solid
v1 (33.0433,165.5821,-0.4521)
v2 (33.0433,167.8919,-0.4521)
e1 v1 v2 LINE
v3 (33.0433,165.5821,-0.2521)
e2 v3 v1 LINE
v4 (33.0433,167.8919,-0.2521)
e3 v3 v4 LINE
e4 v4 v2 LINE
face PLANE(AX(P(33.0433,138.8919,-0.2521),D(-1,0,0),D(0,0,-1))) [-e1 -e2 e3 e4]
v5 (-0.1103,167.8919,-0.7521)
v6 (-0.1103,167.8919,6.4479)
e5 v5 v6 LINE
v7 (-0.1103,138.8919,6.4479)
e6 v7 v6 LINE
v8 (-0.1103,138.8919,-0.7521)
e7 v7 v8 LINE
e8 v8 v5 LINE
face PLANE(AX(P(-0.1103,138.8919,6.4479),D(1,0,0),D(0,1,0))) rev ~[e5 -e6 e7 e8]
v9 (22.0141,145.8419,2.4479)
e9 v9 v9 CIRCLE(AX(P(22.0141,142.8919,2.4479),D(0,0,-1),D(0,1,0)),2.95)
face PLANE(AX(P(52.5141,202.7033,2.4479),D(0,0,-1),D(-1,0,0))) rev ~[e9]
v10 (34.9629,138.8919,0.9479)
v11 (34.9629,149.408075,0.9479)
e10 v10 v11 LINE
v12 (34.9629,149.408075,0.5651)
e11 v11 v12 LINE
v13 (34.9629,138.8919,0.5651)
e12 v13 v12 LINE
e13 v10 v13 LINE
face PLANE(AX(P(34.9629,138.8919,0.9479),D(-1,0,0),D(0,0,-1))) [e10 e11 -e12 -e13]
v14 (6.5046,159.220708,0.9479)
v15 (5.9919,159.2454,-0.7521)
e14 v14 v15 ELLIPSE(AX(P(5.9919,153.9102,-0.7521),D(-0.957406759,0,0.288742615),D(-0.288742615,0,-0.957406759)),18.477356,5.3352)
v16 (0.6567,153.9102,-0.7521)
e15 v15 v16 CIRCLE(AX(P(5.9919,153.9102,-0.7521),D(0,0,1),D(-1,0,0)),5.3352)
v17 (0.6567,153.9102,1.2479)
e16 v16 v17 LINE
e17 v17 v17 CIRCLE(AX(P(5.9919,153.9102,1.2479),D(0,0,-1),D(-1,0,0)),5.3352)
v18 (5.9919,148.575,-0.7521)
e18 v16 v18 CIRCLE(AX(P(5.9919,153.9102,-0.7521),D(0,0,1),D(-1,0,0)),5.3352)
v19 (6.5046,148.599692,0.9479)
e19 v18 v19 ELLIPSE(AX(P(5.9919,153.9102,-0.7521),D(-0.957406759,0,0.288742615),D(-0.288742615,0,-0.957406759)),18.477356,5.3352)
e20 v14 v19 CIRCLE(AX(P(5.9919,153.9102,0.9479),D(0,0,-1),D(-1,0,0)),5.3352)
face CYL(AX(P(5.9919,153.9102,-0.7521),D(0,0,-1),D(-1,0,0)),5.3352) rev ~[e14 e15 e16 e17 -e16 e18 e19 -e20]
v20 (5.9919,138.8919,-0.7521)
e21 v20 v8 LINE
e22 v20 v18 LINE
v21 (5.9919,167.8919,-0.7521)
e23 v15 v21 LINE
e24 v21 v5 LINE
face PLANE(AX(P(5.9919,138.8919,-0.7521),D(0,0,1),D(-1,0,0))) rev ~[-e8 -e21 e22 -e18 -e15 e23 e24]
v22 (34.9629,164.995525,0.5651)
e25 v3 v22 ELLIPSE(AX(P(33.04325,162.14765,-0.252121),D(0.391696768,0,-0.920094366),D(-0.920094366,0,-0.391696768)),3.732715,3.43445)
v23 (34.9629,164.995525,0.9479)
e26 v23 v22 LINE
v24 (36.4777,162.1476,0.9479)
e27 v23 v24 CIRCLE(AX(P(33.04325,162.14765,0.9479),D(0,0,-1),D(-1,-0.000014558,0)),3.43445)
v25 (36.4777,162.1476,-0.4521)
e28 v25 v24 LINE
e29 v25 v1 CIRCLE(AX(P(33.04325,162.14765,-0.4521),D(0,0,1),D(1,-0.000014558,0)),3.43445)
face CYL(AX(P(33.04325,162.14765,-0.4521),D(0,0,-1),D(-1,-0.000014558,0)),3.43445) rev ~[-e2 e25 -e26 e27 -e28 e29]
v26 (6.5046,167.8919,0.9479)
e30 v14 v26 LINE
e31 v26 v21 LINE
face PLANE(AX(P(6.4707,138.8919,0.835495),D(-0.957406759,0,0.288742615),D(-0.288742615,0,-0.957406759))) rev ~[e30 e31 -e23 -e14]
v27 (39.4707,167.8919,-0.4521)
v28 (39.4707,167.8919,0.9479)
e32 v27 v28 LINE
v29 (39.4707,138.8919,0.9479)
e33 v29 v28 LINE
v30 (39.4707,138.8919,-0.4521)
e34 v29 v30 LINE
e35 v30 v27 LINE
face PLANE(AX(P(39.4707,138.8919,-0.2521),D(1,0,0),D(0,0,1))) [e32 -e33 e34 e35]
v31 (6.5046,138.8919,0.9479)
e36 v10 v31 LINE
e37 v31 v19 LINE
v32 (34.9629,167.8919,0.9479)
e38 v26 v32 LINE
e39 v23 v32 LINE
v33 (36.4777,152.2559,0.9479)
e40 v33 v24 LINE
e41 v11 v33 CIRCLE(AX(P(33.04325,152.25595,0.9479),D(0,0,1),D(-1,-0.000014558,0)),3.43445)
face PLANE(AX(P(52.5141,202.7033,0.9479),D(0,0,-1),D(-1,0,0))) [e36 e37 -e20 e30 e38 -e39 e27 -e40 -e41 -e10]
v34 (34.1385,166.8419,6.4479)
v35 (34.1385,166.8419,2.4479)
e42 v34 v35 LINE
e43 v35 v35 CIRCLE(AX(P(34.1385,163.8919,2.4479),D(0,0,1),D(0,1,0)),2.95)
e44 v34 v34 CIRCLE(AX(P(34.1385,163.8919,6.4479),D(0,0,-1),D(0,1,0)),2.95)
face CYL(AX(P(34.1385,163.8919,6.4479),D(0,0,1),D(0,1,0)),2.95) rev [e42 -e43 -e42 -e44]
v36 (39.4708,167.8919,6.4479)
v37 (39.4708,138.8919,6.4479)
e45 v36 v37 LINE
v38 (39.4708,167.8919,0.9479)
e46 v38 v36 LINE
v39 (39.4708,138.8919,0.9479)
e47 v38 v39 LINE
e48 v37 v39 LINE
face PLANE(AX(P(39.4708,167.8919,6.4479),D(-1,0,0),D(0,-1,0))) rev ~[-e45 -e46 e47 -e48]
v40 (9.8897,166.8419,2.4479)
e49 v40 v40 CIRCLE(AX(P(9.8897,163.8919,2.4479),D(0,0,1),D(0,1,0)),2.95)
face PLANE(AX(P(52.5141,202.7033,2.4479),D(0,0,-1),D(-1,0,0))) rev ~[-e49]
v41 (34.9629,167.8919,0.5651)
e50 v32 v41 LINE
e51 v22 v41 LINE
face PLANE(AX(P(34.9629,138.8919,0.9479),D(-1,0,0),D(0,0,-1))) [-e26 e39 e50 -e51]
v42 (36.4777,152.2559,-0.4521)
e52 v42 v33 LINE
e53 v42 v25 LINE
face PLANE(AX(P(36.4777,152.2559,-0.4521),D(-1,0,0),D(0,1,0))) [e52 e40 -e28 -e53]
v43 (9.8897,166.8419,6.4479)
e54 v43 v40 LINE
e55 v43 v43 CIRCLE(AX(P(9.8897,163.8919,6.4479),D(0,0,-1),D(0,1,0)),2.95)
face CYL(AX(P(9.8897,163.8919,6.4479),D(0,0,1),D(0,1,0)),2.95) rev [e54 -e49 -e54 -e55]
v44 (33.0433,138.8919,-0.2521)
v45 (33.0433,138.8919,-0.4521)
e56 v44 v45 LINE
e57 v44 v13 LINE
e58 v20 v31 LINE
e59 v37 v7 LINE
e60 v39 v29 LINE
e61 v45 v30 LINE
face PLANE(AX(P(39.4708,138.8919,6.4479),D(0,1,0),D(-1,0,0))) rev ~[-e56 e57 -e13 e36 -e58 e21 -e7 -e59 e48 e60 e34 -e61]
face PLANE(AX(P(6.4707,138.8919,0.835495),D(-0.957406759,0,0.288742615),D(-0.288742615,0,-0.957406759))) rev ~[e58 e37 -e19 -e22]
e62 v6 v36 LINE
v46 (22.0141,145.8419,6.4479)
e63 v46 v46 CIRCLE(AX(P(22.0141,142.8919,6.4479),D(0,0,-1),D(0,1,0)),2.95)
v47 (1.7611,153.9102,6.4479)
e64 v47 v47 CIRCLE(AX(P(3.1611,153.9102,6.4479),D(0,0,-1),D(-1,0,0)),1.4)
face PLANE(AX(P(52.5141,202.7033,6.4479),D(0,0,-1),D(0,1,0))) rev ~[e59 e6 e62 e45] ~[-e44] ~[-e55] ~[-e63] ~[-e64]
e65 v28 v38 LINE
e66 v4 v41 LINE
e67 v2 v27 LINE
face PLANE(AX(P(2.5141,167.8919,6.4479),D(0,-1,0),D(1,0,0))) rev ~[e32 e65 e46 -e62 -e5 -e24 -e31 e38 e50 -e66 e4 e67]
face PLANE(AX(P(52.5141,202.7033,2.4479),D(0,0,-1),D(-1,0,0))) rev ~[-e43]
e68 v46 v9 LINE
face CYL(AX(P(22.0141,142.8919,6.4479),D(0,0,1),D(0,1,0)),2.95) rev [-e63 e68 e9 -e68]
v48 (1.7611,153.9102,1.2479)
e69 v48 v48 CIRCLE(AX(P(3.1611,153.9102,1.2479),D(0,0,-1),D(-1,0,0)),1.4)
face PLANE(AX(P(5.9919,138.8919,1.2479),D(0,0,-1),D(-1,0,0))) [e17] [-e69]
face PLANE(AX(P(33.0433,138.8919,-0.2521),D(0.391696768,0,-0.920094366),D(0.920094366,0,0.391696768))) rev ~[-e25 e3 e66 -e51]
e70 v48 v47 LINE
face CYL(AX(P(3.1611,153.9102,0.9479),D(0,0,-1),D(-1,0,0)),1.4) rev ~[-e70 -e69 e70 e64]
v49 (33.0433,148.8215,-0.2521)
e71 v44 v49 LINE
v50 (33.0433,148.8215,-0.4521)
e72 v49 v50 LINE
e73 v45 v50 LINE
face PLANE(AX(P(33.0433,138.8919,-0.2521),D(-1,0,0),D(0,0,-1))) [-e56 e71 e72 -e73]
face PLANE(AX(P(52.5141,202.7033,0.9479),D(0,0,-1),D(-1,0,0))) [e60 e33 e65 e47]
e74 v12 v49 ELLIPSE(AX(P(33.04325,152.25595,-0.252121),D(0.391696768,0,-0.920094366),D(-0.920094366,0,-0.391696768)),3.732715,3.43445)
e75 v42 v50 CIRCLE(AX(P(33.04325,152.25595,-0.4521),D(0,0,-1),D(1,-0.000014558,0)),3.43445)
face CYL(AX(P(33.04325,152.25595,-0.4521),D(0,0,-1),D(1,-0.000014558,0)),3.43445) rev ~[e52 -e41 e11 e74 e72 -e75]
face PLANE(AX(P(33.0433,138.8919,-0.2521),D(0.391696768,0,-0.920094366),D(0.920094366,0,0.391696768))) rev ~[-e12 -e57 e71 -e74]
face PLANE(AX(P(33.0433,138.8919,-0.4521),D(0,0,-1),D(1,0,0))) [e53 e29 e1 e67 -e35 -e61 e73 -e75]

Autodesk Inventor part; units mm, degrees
ref_plane "YZ Plane" through (0, 0, 0) normal (1, 0, 0) x (0, 1, 0)
ref_plane "XZ Plane" through (0, 0, 0) normal (0, 1, 0) x (-1, 0, 0)
ref_plane "XY Plane" through (0, 0, 0) normal (0, 0, 1) x (1, 0, 0)
ref_plane "Work Plane1" through (52.5141, 202.7033, 6.4479) normal (0, 0, -1) x (0, 1, 0)
sketch "Sketch1" plane through (52.5141, 202.7033, 6.4479) normal (0, 0, -1) x (0, 1, 0)
  circle A0 centre (-59.8114, -30.5) radius 1.4 construction
  circle A1 centre (-38.8114, -18.3756) radius 1.4 projected
  circle A2 centre (-38.8114, -42.6244) radius 1.4 construction
  circle A3 centre (41, 0) radius 1.65 projected
  circle A4 centre (-9, 0) radius 1.65 projected
  circle A5 centre (-9, 50) radius 1.65 projected
  circle A6 centre (41, 50) radius 1.65 projected
  circle A7 centre (16, 50) radius 1.65 projected
  circle A8 centre (-9, 25) radius 1.65 projected
  circle A9 centre (16, 0) radius 1.65 projected
  circle A10 centre (41, 25) radius 1.65 projected
  line L0 (80, 55) -> (-80, 55) projected
  line L1 (-80, 55) -> (-80, -55) projected
  line L2 (-80, -55) -> (80, -55) projected
  line L3 (80, -55) -> (80, 55) projected
  line L4 (-36.5, 0) -> (-36.5, -50) projected
  line L5 (-14, 0) -> (-36.5, 0) projected
  line L6 (-14, -5) -> (-14, 0) projected
  line L7 (72, -5) -> (-14, -5) projected
  line L8 (72, -50) -> (72, -5) projected
  line L9 (-36.5, -50) -> (72, -50) projected
  line L10 (-4, 45) -> (-4, 5) projected
  line L11 (36, 45) -> (-4, 45) projected
  line L12 (36, 5) -> (36, 45) projected
  line L13 (-4, 5) -> (36, 5) projected
  line L14 (-64.5989, -17.0433) -> (-64.5989, -57.0433) construction
  line L15 (-64.5989, -57.0433) -> (-34.5989, -57.0433) construction
  line L16 (-34.5989, -57.0433) -> (-34.5989, -17.0433) construction
  line L17 (-34.5989, -17.0433) -> (-64.5989, -17.0433) construction
  line L18 (-34.8114, -13.0433) -> (-63.8114, -13.0433)
  line L19 (-63.8114, -13.0433) -> (-63.8114, -52.6244)
  line L20 (-63.8114, -52.6244) -> (-34.8114, -52.6244)
  line L21 (-34.8114, -52.6244) -> (-34.8114, -13.0433)
  circle A11 centre (-59.8114, -30.5) radius 2.95
  circle A12 centre (-38.8114, -18.3756) radius 2.95
  circle A13 centre (-38.8114, -42.6244) radius 2.95 construction
  line L22 (-36.5, -35.1157) -> (-41.75, -35.1157) construction
  line L23 (-41.75, -35.1157) -> (-41.75, -38.5657) construction
  line L24 (-41.75, -38.5657) -> (-56.86, -38.5657) construction
  line L25 (-56.86, -38.5657) -> (-56.86, -35.1157) construction
  line L26 (-56.86, -35.1157) -> (-60.26, -35.1157) construction
  line L27 (-60.26, -35.1157) -> (-60.26, -52.0657) construction
  line L28 (-60.26, -52.0657) -> (-36.5, -52.0657) construction
  line L29 (-36.5, -52.0657) -> (-36.5, -35.1157) construction
  line L30 (-41.75, -28.3657) -> (-36.5, -28.3657) construction
  line L31 (-36.5, -28.3657) -> (-36.5, -25.0657) construction
  line L32 (-36.5, -25.0657) -> (-60.26, -25.0657) construction
  line L33 (-60.26, -25.0657) -> (-60.26, -28.3657) construction
  line L34 (-60.26, -28.3657) -> (-56.86, -28.3657) construction
  line L35 (-56.86, -28.3657) -> (-56.86, -27.0942) construction
  line L36 (-56.86, -27.0942) -> (-41.75, -27.0942) construction
  line L37 (-41.75, -27.0942) -> (-41.75, -28.3657) construction
  line L38 (-56.86, -35.1157) -> (-60.26, -35.1157) construction
  line L39 (-56.86, -38.5657) -> (-56.86, -35.1157) construction
  line L40 (-41.75, -38.5657) -> (-56.86, -38.5657) construction
  line L41 (-41.75, -35.1157) -> (-41.75, -38.5657) construction
  line L42 (-36.5, -35.1157) -> (-41.75, -35.1157) construction
  line L43 (-36.5, -35.05) -> (-36.5, -35.1157) construction
  line L44 (-36.5, -35.05) -> (-56.86, -35.05) construction
  line L45 (-36.5, -34.78) -> (-36.5, -35.05) construction
  line L46 (-36.5, -34.78) -> (-56.86, -34.78) construction
  line L47 (-36.5, -34.51) -> (-36.5, -34.78) construction
  line L48 (-36.5, -34.51) -> (-56.86, -34.51) construction
  line L49 (-36.5, -34.24) -> (-36.5, -34.51) construction
  line L50 (-36.5, -34.24) -> (-56.86, -34.24) construction
  line L51 (-36.5, -33.97) -> (-36.5, -34.24) construction
  line L52 (-36.5, -33.97) -> (-56.86, -33.97) construction
  line L53 (-36.5, -33.7) -> (-36.5, -33.97) construction
  line L54 (-36.5, -33.7) -> (-56.86, -33.7) construction
  line L55 (-36.5, -33.43) -> (-36.5, -33.7) construction
  line L56 (-36.5, -33.43) -> (-56.86, -33.43) construction
  line L57 (-36.5, -33.16) -> (-36.5, -33.43) construction
  line L58 (-36.5, -33.16) -> (-56.86, -33.16) construction
  line L59 (-36.5, -32.89) -> (-36.5, -33.16) construction
  line L60 (-36.5, -32.89) -> (-56.86, -32.89) construction
  line L61 (-36.5, -32.62) -> (-36.5, -32.89) construction
  line L62 (-36.5, -32.62) -> (-56.86, -32.62) construction
  line L63 (-36.5, -32.35) -> (-36.5, -32.62) construction
  line L64 (-36.5, -32.35) -> (-56.86, -32.35) construction
  line L65 (-36.5, -32.08) -> (-36.5, -32.35) construction
  line L66 (-36.5, -32.08) -> (-56.86, -32.08) construction
  line L67 (-36.5, -31.81) -> (-36.5, -32.08) construction
  line L68 (-36.5, -31.81) -> (-56.86, -31.81) construction
  line L69 (-36.5, -31.54) -> (-36.5, -31.81) construction
  line L70 (-36.5, -31.54) -> (-56.86, -31.54) construction
  line L71 (-36.5, -31.27) -> (-36.5, -31.54) construction
  line L72 (-36.5, -31.27) -> (-56.86, -31.27) construction
  line L73 (-36.5, -31) -> (-36.5, -31.27) construction
  line L74 (-36.5, -31) -> (-56.86, -31) construction
  line L75 (-36.5, -30.73) -> (-36.5, -31) construction
  line L76 (-36.5, -30.73) -> (-56.86, -30.73) construction
  line L77 (-36.5, -30.46) -> (-36.5, -30.73) construction
  line L78 (-36.5, -30.46) -> (-56.86, -30.46) construction
  line L79 (-36.5, -30.19) -> (-36.5, -30.46) construction
  line L80 (-36.5, -30.19) -> (-56.86, -30.19) construction
  line L81 (-36.5, -29.92) -> (-36.5, -30.19) construction
  line L82 (-36.5, -29.92) -> (-56.86, -29.92) construction
  line L83 (-36.5, -29.65) -> (-36.5, -29.92) construction
  line L84 (-36.5, -29.65) -> (-56.86, -29.65) construction
  line L85 (-36.5, -29.38) -> (-36.5, -29.65) construction
  line L86 (-36.5, -29.38) -> (-56.86, -29.38) construction
  line L87 (-36.5, -29.11) -> (-36.5, -29.38) construction
  line L88 (-36.5, -29.11) -> (-56.86, -29.11) construction
  line L89 (-36.5, -28.84) -> (-36.5, -29.11) construction
  line L90 (-36.5, -28.84) -> (-56.86, -28.84) construction
  line L91 (-36.5, -28.3657) -> (-36.5, -28.84) construction
  line L92 (-41.75, -28.3657) -> (-36.5, -28.3657) construction
  line L93 (-41.75, -27.0942) -> (-41.75, -28.3657) construction
  line L94 (-56.86, -27.0942) -> (-41.75, -27.0942) construction
  line L95 (-56.86, -28.3657) -> (-56.86, -27.0942) construction
  line L96 (-60.26, -28.3657) -> (-56.86, -28.3657) construction
  line L97 (-60.26, -35.1157) -> (-60.26, -28.3657) construction
  line L98 (-60.26, -25.0657) -> (-36.5, -25.0657) construction
  line L99 (-36.5, -25.0657) -> (-36.5, -52.0657) construction
  line L100 (-60.26, -52.0657) -> (-60.26, -25.0657) construction
  line L101 (-57.1632, -22.5233) -> (-33.4032, -22.5233) construction
  line L102 (-33.4032, -22.5233) -> (-33.4032, -49.5233) construction
  line L103 (-33.4032, -49.5233) -> (-57.1632, -49.5233) construction
  line L104 (-57.1632, -49.5233) -> (-57.1632, -22.5233) construction
  circle A14 centre (-38.8114, -42.6244) radius 2.95
  point P0 (-202.7033, -52.5141)
  point P1 (-56.7146, -27.9576)
  dimension "d0" = 4
  dimension "d2" = 4
  dimension "d3" = 4
  dimension "d4" = 5.9
  dimension "d5" = 5.9
  dimension "d6" = 5.9
  dimension "d10" = 10
  dimension "d35" = 24.2487
  dimension "d36" = 12.1244
extrude "Extrusion1" add sketch "Sketch1" along normal blind 4 contours L18 L21 L9 L4 A14 A12 | L4 A12 A14 L9 L21 L20 L19 L18
sketch "Sketch2" plane through (52.5141, 202.7033, 2.4479) normal (0, 0, -1) x (-1, 0, 0)
  circle A0 centre (42.6244, -38.8114) radius 2.95 projected
  circle A1 centre (18.3756, -38.8114) radius 2.95 projected
  circle A2 centre (30.5, -59.8114) radius 2.95 projected
  line L0 (13.0433, -34.8114) -> (13.0433, -63.8114) projected
  line L1 (13.0433, -63.8114) -> (52.6244, -63.8114) projected
  line L2 (52.6244, -63.8114) -> (52.6244, -34.8114) projected
  line L3 (52.6244, -34.8114) -> (13.0433, -34.8114) projected
  point P0 (52.5141, -202.7033)
extrude "Extrusion2" add sketch "Sketch2" along normal blind 1.5 contours A0 | A1 | A2 | L3 L2 L1 L0
sketch "Sketch3" plane through (-0.1103, 138.8919, 6.4479) normal (0, -1, 0) x (1, 0, 0)
  line L0 (39.581, 0) -> (0, 0) projected
  line L1 (0, 0) -> (0, -5.5) projected
  line L2 (39.581, -5.5) -> (0, -5.5) projected
  line L3 (39.581, 0) -> (39.581, -5.5) projected
  line L4 (17.5087, -7.4479) -> (17.5087, -6.8479) construction
  line L5 (17.5087, -6.8479) -> (24.2587, -6.8479) construction
  line L6 (24.2587, -6.8479) -> (24.2587, -7.4479) construction
  line L7 (27.5587, -7.4479) -> (24.2587, -7.4479) construction
  line L8 (27.5587, -6.4479) -> (27.5587, -7.4479) construction
  line L9 (27.5587, -6.4479) -> (0.5587, -6.4479) construction
  line L10 (0.5587, -6.4479) -> (0.5587, -7.4479) construction
  line L11 (17.5087, -7.4479) -> (0.5587, -7.4479) construction
  line L12 (33.581, -5.5) -> (6.581, -5.5)
  line L13 (6.581, -5.5) -> (6.581, -6.5)
  line L14 (6.581, -6.5) -> (33.581, -6.5)
  line L15 (33.581, -6.5) -> (33.581, -5.5)
  line L16 (39.581, 0) -> (39.581, -5.5) projected
  line L17 (39.581, -5.5) -> (35.0732, -5.5)
  line L18 (35.0732, -5.5) -> (35.0732, -6.7)
  line L19 (35.0732, -6.7) -> (39.581, -6.7)
  line L20 (39.581, -6.7) -> (39.581, -5.5)
  line L21 (0, 0) -> (0, -5.5) projected
  line L22 (0, -5.5) -> (6.181, -5.5)
  line L23 (0, -7.2) -> (0, -5.5)
  line L24 (39.581, -6.7) -> (33.1536, -6.7)
  line L25 (33.1536, -6.7) -> (33.1536, -6.9)
  line L26 (33.1536, -6.9) -> (39.581, -6.9)
  line L27 (39.581, -6.9) -> (39.581, -6.7)
  line L28 (33.1536, -6.7) -> (35.0732, -5.8828)
  line L29 (0, -5.5) -> (39.581, -5.5) projected
  line L30 (6.6149, -5.5) -> (6.1022, -7.2)
  line L31 (6.1022, -7.2) -> (0, -7.2)
  dimension "d13" = 27
  dimension "d14" = 1
  dimension "d15" = 6
  dimension "d16" = 1.2
  dimension "d19" = 0.2
extrude "Extrusion3" add sketch "Sketch3" against normal up to surface (29 mm away) contours L20 L19 L18 L2 | L2 L13 L30 L31 L23 | L27 L26 L25 L24 L19 | L18 L24 L28 | L2 L30 L13
sketch "Sketch4" plane through (5.9919, 138.8919, -0.7521) normal (0, 0, -1) x (-1, 0, 0)
  line L0 (6.1022, 29) -> (0, 29) projected
  line L1 (0, 0) -> (0, 29) projected
  line L2 (6.1022, 0) -> (0, 0) projected
  line L3 (6.1022, 0) -> (6.1022, 29) projected
  circle A0 centre (0, 15.0183) radius 5.3352
  point P0 (5.9919, -138.8919)
extrude "Extrusion4" cut sketch "Sketch4" against normal blind 2 contours A0 L1 | L1 A0
sketch "Sketch5" plane through (52.5141, 202.7033, 0.9479) normal (0, 0, -1) x (-1, 0, 0)
  arc A0 (46.5221, -54.1283) -> (46.5221, -43.4579) centre (46.5221, -48.7931) ccw projected
  circle A1 centre (49.353, -48.7931) radius 1.4
  point P0 (52.5141, -202.7033)
  dimension "d30" = 2.8
extrude "Extrusion5" cut sketch "Sketch5" against normal through all
sketch "Sketch6" plane through (39.4707, 138.8919, -0.4521) normal (0, 0, -1) x (-1, 0, 0)
  line L0 (6.4274, 29) -> (0, 29) projected
  line L1 (0, 0) -> (0, 29) projected
  line L2 (6.4274, 0) -> (0, 0) projected
  line L3 (6.4274, 0) -> (6.4274, 29) projected
  arc A0 (33.4788, 9.6831) -> (33.4788, 20.3535) centre (33.4788, 15.0183) ccw projected
  line L4 (6.4274, 26.6901) -> (6.4274, 9.9295) construction
  line L5 (9.8619, 23.2557) -> (9.8619, 13.364)
  line L6 (2.993, 13.364) -> (2.993, 23.2557)
  arc A1 (9.8619, 23.2557) -> (2.993, 23.2557) centre (6.4274, 23.2557) ccw
  arc A2 (2.993, 13.364) -> (9.8619, 13.364) centre (6.4274, 13.364) ccw
  point P0 (39.4707, -138.8919)
  point P1 (6.4274, 18.3098)
extrude "Extrusion6" cut sketch "Sketch6" against normal up to surface (1.4 mm away) contours A1 L5 A2 L3 | L3 A2 L6 A1
equation "\"d31\" = d30"
properties part number "00_cellSTORM_v5_chiptray_old_0"
